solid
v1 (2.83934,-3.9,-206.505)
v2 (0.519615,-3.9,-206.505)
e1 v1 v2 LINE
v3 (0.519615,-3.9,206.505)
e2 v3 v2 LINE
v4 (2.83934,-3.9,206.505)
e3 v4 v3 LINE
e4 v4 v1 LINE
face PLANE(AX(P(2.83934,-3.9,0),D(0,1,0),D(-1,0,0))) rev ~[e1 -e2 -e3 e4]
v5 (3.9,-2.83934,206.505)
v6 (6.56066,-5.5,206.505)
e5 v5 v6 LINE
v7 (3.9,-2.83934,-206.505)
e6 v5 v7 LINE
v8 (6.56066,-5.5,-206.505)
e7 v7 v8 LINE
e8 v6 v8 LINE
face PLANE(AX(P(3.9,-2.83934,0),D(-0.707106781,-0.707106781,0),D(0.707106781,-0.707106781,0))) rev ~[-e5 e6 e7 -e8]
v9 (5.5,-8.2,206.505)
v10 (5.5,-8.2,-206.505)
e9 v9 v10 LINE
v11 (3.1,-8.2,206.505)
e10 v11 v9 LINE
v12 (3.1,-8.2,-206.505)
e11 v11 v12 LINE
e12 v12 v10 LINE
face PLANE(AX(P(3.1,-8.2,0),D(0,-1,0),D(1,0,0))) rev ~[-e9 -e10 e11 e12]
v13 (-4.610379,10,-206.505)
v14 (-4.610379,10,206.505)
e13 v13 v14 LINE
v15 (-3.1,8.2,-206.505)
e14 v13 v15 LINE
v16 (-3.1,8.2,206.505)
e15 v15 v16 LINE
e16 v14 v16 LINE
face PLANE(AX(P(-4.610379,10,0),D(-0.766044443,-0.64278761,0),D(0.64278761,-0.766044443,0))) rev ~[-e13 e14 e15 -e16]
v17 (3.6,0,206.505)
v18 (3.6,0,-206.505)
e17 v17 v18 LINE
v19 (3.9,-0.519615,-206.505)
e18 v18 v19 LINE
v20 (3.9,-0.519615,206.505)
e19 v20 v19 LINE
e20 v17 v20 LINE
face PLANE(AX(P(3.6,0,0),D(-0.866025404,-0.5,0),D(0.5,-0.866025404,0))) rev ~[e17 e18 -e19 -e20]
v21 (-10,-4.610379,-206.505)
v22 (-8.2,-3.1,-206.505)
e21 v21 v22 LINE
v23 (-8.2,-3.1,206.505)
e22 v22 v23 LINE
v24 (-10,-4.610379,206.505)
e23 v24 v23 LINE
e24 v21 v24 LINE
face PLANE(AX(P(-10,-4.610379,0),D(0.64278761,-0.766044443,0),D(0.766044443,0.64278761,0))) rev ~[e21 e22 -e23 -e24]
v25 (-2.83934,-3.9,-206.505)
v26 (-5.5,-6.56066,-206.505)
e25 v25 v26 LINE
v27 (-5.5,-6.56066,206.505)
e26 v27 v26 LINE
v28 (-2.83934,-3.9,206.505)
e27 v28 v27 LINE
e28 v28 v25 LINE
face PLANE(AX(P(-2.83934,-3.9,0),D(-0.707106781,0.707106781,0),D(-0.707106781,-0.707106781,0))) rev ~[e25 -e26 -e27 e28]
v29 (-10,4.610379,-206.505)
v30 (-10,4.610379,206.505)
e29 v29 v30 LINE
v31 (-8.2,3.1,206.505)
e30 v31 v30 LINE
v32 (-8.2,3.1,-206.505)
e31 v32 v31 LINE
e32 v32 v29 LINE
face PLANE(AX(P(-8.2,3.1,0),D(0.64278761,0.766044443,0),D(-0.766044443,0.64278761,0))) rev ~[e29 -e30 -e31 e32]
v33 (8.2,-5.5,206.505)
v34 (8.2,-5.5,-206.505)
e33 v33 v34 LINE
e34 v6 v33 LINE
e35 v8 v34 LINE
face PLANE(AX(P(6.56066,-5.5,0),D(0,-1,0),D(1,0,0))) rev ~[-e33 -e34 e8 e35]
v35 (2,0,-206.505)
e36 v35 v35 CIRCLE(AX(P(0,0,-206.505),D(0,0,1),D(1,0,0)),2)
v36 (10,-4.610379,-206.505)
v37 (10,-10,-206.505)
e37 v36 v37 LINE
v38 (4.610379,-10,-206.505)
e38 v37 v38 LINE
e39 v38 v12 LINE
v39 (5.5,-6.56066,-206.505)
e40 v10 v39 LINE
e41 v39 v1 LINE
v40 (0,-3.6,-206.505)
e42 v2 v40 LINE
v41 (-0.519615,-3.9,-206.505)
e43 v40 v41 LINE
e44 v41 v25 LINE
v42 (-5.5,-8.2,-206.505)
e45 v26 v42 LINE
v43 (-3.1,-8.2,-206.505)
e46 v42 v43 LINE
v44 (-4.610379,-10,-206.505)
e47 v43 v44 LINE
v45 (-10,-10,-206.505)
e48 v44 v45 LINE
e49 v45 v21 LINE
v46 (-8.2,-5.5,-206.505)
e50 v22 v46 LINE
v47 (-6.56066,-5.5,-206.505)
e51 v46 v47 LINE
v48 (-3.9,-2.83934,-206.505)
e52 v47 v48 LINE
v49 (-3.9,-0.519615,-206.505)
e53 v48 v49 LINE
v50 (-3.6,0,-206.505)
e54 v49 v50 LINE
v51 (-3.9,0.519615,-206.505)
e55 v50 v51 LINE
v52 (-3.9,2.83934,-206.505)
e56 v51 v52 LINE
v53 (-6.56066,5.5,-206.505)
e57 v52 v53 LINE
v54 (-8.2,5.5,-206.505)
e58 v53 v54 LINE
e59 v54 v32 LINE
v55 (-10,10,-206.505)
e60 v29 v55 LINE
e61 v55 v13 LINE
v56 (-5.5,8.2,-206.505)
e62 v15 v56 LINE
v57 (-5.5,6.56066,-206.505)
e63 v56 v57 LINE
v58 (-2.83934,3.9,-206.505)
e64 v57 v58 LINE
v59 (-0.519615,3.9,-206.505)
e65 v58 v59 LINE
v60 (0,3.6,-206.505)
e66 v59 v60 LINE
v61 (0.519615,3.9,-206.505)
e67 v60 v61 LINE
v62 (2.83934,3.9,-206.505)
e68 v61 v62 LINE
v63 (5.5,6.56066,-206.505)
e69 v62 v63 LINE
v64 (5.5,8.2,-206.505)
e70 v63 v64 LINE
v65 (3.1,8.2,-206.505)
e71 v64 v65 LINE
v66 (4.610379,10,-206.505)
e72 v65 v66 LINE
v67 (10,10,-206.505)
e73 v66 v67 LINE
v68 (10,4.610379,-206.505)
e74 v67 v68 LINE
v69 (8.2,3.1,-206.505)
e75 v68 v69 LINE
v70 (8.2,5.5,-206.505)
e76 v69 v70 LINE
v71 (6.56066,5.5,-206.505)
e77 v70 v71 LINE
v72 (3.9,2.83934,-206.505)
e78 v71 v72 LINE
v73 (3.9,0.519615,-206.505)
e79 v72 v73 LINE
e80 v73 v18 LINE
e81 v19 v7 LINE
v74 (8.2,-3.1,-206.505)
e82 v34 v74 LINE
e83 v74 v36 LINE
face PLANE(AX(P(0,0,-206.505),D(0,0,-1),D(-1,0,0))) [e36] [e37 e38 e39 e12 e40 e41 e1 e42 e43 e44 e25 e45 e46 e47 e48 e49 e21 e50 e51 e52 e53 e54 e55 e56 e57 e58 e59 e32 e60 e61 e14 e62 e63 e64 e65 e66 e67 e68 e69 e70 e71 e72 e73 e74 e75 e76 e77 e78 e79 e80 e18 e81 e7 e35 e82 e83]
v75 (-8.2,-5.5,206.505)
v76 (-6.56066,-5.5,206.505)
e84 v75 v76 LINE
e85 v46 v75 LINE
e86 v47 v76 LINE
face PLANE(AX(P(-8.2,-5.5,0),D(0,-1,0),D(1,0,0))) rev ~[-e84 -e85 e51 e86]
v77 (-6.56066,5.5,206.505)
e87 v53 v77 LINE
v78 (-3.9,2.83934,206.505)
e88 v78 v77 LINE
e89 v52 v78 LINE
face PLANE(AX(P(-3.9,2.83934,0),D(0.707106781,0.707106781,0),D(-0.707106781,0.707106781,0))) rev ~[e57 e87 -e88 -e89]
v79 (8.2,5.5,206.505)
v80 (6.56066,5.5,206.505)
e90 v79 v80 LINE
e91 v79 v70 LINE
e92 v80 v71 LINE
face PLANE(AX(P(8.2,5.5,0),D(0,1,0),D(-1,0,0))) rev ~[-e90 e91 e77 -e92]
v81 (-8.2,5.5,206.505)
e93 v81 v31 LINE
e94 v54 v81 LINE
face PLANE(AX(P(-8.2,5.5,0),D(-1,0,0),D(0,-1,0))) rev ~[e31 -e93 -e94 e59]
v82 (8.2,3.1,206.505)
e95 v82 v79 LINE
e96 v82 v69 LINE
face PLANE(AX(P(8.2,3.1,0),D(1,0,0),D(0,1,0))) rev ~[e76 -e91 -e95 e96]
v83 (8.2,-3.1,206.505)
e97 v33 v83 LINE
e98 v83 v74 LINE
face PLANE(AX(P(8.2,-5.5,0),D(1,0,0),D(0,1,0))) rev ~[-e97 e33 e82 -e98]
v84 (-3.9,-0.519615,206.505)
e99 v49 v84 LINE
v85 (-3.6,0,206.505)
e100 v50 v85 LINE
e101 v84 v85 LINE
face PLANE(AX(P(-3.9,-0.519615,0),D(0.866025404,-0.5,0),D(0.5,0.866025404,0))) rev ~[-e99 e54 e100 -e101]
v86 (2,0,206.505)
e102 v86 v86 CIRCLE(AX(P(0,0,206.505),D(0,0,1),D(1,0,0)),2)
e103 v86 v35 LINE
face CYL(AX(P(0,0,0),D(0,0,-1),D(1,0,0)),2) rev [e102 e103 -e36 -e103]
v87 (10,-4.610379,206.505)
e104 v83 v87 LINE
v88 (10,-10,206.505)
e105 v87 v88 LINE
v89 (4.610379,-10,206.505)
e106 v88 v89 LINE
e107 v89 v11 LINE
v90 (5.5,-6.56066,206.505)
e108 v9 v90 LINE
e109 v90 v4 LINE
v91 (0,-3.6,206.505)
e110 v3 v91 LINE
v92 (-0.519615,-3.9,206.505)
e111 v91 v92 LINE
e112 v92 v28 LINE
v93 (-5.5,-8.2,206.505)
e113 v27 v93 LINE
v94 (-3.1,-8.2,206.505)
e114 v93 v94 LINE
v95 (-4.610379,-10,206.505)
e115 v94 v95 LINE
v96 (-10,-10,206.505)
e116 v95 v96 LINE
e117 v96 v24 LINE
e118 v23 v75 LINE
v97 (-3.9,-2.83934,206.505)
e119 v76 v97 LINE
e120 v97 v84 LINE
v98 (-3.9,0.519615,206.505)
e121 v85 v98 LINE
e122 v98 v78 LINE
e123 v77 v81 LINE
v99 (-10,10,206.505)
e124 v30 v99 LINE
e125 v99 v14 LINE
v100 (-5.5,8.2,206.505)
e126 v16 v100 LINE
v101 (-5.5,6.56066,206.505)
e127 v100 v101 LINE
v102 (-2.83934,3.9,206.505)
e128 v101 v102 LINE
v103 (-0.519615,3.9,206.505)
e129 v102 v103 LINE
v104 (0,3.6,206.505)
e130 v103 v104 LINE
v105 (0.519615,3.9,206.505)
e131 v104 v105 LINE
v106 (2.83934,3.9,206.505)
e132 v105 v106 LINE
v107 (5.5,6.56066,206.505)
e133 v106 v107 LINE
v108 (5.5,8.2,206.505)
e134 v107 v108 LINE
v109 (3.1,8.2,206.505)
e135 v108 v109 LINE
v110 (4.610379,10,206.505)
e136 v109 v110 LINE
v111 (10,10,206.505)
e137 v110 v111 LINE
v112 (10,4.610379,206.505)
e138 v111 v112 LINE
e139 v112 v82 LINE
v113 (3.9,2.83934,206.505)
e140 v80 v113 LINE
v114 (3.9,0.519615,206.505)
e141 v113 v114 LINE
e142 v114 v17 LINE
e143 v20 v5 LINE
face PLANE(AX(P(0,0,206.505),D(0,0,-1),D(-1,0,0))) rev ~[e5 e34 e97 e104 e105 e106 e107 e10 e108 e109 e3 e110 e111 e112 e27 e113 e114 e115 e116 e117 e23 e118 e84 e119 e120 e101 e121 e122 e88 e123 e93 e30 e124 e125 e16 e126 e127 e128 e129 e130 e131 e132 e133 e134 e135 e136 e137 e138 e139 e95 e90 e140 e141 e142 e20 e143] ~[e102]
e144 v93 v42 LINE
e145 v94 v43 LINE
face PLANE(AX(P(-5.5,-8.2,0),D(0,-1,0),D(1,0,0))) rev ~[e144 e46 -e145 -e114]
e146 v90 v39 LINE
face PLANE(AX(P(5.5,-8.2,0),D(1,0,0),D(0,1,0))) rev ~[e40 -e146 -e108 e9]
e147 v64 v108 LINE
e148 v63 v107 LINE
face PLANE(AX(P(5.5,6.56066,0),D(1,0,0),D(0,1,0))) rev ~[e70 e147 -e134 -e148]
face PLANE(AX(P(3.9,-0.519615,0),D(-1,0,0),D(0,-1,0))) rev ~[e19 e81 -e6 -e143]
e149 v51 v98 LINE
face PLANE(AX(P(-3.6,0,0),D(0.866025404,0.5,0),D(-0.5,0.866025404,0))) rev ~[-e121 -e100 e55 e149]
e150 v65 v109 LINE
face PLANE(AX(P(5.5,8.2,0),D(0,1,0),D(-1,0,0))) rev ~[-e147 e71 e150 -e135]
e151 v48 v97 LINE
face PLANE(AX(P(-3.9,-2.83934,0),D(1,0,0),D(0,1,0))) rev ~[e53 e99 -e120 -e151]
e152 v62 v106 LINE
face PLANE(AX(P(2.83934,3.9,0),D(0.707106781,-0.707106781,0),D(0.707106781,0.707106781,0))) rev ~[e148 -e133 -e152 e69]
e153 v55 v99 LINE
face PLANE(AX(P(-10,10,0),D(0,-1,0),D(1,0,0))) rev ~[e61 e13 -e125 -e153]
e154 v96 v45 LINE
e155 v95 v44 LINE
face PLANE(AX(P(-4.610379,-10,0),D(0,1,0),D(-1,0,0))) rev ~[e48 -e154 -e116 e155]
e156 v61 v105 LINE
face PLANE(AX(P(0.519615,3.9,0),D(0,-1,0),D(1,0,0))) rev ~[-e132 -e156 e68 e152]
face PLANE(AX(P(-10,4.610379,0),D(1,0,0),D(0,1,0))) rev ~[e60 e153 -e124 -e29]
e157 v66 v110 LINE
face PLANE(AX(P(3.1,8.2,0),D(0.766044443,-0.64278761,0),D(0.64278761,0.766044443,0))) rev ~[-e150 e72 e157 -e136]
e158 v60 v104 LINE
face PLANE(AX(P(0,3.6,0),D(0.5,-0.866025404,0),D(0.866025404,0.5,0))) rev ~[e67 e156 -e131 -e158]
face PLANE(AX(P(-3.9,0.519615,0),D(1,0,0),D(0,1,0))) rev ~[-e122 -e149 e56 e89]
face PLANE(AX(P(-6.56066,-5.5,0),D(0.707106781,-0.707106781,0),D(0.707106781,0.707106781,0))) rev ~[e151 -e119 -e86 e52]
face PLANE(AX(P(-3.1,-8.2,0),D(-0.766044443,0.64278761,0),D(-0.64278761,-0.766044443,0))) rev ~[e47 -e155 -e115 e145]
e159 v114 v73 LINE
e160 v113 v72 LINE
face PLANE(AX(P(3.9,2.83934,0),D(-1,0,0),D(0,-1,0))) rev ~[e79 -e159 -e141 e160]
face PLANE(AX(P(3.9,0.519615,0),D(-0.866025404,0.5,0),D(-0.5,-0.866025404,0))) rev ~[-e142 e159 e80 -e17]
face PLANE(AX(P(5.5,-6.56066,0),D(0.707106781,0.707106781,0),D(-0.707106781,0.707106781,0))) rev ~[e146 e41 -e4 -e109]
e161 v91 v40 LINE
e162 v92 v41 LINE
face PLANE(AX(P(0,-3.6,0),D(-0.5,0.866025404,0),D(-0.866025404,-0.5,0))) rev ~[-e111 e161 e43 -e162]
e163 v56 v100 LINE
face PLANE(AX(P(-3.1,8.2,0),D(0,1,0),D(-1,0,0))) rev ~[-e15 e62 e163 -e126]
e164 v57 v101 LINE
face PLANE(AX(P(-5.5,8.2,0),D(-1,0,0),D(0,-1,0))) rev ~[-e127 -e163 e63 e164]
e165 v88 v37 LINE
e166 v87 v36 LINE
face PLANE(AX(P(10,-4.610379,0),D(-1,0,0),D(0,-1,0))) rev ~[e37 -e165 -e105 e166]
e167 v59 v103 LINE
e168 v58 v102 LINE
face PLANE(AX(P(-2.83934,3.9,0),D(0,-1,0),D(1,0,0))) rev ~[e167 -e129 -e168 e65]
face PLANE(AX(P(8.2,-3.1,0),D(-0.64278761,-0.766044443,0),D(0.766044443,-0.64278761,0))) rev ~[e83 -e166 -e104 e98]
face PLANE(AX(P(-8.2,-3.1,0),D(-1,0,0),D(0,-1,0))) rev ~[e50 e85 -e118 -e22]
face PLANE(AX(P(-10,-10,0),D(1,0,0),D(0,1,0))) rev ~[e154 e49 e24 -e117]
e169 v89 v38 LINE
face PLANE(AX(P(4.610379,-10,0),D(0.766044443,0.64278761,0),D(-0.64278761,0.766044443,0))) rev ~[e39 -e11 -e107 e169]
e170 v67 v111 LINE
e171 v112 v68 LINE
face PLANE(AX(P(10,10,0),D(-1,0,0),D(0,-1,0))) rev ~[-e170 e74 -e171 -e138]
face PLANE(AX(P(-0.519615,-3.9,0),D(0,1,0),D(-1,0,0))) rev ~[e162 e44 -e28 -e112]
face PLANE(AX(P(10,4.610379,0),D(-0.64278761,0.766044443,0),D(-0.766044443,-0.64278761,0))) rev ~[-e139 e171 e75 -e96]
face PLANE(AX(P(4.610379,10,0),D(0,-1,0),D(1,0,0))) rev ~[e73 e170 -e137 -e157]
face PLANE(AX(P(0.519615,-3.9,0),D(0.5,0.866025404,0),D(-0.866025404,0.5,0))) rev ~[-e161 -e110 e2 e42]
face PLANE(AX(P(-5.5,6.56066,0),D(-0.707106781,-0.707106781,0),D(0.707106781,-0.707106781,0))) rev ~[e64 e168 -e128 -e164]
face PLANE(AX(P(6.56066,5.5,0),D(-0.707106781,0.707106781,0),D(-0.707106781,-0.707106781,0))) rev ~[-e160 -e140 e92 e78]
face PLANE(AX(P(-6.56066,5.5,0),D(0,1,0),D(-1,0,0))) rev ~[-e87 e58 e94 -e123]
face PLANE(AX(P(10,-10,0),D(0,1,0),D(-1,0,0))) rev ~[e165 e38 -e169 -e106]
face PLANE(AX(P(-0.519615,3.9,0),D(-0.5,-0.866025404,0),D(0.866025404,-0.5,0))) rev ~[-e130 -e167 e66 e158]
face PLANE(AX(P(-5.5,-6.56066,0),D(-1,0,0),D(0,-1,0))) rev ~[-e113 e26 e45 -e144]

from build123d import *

# Parameters (mm, degrees)
SKETCH1_R           = 2
BOSS_EXTRUDE1_DEPTH = 206.505


with BuildPart() as part:
    # Sketch1 → Boss-Extrude1 (new body, symmetric)
    with BuildSketch(Plane.XY):
        Polygon((10, 10), (10, 4.610379336), (8.2, 3.1), (8.2, 5.5), (6.560660172, 5.5), (3.9, 2.839339828), (3.9, 0.519615242), (3.6, 0), (3.9, -0.519615242), (3.9, -2.839339828), (6.560660172, -5.5), (8.2, -5.5), (8.2, -3.1), (10, -4.610379336), (10, -10), (4.610379336, -10), (3.1, -8.2), (5.5, -8.2), (5.5, -6.560660172), (2.839339828, -3.9), (0.519615242, -3.9), (0, -3.6), (-0.519615242, -3.9), (-2.839339828, -3.9), (-5.5, -6.560660172), (-5.5, -8.2), (-3.1, -8.2), (-4.610379336, -10), (-10, -10), (-10, -4.610379336), (-8.2, -3.1), (-8.2, -5.5), (-6.560660172, -5.5), (-3.9, -2.839339828), (-3.9, -0.519615242), (-3.6, 0), (-3.9, 0.519615242), (-3.9, 2.839339828), (-6.560660172, 5.5), (-8.2, 5.5), (-8.2, 3.1), (-10, 4.610379336), (-10, 10), (-4.610379336, 10), (-3.1, 8.2), (-5.5, 8.2), (-5.5, 6.560660172), (-2.839339828, 3.9), (-0.519615242, 3.9), (0, 3.6), (0.519615242, 3.9), (2.839339828, 3.9), (5.5, 6.560660172), (5.5, 8.2), (3.1, 8.2), (4.610379336, 10), align=None)
        Circle(SKETCH1_R, mode=Mode.SUBTRACT)
    extrude(amount=BOSS_EXTRUDE1_DEPTH, both=True)


solid = part.part
